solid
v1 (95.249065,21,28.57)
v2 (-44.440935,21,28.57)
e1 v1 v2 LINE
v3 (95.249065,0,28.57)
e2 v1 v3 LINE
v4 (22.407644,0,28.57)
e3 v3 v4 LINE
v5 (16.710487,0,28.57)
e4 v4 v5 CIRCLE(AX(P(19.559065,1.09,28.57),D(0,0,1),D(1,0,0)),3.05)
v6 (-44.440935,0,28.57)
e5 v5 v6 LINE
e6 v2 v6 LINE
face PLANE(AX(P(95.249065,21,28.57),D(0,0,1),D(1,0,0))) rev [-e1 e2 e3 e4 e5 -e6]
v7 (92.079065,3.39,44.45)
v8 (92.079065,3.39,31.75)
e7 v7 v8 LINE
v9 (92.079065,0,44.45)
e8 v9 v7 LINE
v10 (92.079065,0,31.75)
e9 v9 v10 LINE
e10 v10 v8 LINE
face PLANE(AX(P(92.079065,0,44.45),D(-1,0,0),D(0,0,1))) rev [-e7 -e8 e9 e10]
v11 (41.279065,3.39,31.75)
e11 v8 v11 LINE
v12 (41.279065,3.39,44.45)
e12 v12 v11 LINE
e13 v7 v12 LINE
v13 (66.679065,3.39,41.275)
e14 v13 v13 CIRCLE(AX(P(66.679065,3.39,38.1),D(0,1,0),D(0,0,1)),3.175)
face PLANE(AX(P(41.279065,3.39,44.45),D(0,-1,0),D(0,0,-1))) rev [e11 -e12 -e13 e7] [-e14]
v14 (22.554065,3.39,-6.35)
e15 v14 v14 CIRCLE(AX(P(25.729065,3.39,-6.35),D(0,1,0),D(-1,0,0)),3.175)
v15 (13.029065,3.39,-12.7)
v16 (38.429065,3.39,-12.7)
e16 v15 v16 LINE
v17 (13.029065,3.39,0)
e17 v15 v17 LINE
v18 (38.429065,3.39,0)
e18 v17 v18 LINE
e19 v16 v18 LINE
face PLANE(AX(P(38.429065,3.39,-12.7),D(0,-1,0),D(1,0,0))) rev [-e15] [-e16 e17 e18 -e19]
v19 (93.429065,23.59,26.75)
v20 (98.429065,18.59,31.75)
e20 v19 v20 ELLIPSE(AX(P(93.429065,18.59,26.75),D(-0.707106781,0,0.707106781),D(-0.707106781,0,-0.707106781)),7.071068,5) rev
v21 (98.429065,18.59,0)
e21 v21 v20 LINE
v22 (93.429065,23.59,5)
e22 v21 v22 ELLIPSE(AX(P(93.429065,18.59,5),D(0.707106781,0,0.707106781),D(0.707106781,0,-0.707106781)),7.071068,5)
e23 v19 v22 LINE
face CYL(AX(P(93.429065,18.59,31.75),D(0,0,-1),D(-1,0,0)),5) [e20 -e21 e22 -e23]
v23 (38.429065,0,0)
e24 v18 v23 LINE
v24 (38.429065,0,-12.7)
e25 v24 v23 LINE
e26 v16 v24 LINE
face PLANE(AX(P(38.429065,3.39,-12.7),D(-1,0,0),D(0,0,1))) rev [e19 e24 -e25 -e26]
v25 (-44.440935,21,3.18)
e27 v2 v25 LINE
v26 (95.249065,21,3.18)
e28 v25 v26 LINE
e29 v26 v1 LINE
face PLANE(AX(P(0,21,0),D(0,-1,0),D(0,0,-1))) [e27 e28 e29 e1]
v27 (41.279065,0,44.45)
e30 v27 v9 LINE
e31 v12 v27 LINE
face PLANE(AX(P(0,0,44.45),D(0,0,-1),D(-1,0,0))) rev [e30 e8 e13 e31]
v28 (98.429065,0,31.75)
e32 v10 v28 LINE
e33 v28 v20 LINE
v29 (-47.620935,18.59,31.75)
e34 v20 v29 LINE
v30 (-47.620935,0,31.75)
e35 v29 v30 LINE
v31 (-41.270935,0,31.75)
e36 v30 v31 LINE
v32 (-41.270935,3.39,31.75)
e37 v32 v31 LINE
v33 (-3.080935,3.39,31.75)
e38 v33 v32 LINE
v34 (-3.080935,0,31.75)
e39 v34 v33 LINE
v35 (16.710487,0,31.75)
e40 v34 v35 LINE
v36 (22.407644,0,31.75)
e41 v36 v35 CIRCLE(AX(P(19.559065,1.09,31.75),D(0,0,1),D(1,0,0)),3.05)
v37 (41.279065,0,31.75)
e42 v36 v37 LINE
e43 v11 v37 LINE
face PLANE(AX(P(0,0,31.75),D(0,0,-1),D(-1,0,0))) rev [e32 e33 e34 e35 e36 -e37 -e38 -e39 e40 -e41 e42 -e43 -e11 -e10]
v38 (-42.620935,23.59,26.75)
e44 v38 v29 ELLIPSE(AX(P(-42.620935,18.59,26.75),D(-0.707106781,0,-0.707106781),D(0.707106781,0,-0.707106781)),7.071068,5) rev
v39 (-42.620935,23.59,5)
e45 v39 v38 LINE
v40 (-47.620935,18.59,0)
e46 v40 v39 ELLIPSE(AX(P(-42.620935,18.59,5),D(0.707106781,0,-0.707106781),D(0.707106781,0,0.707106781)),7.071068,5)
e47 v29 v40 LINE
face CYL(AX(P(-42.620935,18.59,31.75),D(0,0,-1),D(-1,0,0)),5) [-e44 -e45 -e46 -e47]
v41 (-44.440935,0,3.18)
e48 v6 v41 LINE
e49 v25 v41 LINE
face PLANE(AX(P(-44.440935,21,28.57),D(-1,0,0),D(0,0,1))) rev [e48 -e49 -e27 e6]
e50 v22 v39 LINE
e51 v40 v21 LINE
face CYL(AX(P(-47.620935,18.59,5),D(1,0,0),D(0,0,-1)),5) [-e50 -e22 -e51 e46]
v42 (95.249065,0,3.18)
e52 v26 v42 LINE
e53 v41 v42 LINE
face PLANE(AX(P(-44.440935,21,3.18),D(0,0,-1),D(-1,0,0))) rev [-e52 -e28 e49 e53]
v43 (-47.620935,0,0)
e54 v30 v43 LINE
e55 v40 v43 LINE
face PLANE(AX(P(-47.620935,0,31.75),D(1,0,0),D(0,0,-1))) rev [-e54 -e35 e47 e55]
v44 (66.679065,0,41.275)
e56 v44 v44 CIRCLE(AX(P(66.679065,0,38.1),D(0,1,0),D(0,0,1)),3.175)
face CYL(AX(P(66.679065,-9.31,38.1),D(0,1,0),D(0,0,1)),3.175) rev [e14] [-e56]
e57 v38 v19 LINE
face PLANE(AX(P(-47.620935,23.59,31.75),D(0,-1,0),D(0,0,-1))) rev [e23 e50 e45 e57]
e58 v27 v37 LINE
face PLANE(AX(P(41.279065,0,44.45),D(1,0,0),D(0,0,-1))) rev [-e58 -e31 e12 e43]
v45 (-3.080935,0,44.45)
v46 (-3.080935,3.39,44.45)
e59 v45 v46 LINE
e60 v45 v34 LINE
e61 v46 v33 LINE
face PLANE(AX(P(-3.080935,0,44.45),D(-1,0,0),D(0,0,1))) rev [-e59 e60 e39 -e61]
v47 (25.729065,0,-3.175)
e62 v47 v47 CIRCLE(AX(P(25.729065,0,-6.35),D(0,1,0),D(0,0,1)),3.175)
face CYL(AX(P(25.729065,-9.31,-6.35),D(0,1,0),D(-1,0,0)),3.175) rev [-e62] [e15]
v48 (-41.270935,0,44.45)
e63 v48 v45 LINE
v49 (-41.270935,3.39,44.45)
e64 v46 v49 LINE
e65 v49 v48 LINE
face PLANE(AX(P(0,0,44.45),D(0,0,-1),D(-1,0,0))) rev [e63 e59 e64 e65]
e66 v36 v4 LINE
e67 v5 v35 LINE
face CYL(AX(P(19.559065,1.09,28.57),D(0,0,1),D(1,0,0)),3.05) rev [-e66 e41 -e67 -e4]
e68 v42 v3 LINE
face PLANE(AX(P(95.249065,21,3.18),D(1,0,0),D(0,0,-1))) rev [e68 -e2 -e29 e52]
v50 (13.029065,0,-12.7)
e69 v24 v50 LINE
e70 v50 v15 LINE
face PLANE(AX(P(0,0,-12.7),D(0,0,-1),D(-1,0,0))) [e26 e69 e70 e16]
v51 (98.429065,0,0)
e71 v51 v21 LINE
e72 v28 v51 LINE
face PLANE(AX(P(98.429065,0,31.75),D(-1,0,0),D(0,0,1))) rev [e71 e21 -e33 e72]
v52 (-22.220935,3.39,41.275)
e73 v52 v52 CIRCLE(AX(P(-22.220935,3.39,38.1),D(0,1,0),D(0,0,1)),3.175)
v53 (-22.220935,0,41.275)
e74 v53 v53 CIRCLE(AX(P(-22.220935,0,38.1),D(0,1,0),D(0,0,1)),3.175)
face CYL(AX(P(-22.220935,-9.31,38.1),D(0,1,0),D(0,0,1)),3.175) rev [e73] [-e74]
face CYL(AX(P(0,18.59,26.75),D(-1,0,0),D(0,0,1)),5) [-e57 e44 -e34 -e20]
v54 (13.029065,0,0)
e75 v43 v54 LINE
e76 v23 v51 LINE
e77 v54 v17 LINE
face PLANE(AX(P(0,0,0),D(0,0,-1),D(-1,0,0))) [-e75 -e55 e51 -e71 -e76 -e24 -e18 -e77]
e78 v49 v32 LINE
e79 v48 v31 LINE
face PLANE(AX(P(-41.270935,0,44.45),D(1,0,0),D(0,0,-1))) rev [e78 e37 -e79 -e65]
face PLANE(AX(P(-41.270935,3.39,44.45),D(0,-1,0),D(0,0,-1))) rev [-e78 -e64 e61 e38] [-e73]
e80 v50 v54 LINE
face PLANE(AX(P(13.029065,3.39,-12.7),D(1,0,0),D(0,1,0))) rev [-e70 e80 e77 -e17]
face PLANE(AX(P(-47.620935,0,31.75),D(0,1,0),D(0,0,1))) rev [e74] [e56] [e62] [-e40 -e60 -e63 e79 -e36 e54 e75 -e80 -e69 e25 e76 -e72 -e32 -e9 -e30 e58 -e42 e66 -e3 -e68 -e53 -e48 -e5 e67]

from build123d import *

# Parameters (mm, degrees)
SKETCH1_W           = 146.05
SKETCH1_H           = 23.59
BOSS_EXTRUDE1_DEPTH = 31.75
SKETCH2_W           = 139.69
SKETCH2_H           = 25.39
CUT_EXTRUDE1_DEPTH  = 21
FILLET1_R           = 5
SKETCH3_R           = 3.05
CUT_EXTRUDE2_DEPTH  = 3.18
SKETCH4_W           = 38.19
SKETCH4_H           = 3.39
SKETCH4_W_2         = 50.8
BOSS_EXTRUDE2_DEPTH = 12.7
SKETCH5_W           = 25.4
SKETCH5_H           = 3.39
BOSS_EXTRUDE3_DEPTH = 12.7
SKETCH6_R           = 3.175
CUT_EXTRUDE3_DEPTH  = 12.7
SKETCH7_R           = 3.175
CUT_EXTRUDE4_DEPTH  = 12.7


with BuildPart() as part:
    # Sketch1 → Boss-Extrude1 (new body)
    with BuildSketch(Plane.XY):
        with Locations((25.404065421, 11.795)):
            Rectangle(SKETCH1_W, SKETCH1_H)
    extrude(amount=BOSS_EXTRUDE1_DEPTH)

    # Sketch2 → Cut-Extrude1 (cut)
    with BuildSketch(Plane.XZ):
        with Locations((25.404065421, 15.875)):
            Rectangle(SKETCH2_W, SKETCH2_H)
    extrude(amount=-CUT_EXTRUDE1_DEPTH, mode=Mode.SUBTRACT)

    # Fillet1
    fillet1_edges = [part.edges().sort_by_distance(p)[0] for p in [
        (25.404065421, 23.59, 31.75),
        (25.404065421, 23.59, 0),
        (-47.620934579, 23.59, 15.875),
        (98.429065421, 23.59, 15.875),
    ]]
    fillet(fillet1_edges, radius=FILLET1_R)

    # Sketch3 → Cut-Extrude2 (cut)
    with BuildSketch(Plane.XY.offset(31.75)):
        with Locations((19.559065421, 1.09)):
            Circle(SKETCH3_R)
    extrude(amount=-CUT_EXTRUDE2_DEPTH, mode=Mode.SUBTRACT)

    # Sketch4 → Boss-Extrude2 (add)
    with BuildSketch(Plane.XY.offset(31.75)):
        with Locations((-22.175934579, 1.695)):
            Rectangle(SKETCH4_W, SKETCH4_H)
        with Locations((66.679065421, 1.695)):
            Rectangle(SKETCH4_W_2, SKETCH4_H)
    extrude(amount=BOSS_EXTRUDE2_DEPTH)

    # Sketch5 → Boss-Extrude3 (add)
    with BuildSketch(Plane(origin=(0, 0, 0), x_dir=(-1, 0, 0), z_dir=(0, 0, -1))):
        with Locations((-25.729065421, 1.695)):
            Rectangle(SKETCH5_W, SKETCH5_H)
    extrude(amount=BOSS_EXTRUDE3_DEPTH)

    # Sketch6 → Cut-Extrude3 (cut)
    with BuildSketch(Plane(origin=(0, 3.39, 0), x_dir=(1, 0, 0), z_dir=(0, 1, 0))):
        with Locations((-22.220934579, -38.1)):
            Circle(SKETCH6_R)
        with Locations((66.679065421, -38.1)):
            Circle(SKETCH6_R)
    extrude(amount=-CUT_EXTRUDE3_DEPTH, mode=Mode.SUBTRACT)

    # Sketch7 → Cut-Extrude4 (cut)
    with BuildSketch(Plane(origin=(0, 3.39, 0), x_dir=(1, 0, 0), z_dir=(0, 1, 0))):
        with Locations((25.729065421, 6.35)):
            Circle(SKETCH7_R)
    extrude(amount=-CUT_EXTRUDE4_DEPTH, mode=Mode.SUBTRACT)


solid = part.part
